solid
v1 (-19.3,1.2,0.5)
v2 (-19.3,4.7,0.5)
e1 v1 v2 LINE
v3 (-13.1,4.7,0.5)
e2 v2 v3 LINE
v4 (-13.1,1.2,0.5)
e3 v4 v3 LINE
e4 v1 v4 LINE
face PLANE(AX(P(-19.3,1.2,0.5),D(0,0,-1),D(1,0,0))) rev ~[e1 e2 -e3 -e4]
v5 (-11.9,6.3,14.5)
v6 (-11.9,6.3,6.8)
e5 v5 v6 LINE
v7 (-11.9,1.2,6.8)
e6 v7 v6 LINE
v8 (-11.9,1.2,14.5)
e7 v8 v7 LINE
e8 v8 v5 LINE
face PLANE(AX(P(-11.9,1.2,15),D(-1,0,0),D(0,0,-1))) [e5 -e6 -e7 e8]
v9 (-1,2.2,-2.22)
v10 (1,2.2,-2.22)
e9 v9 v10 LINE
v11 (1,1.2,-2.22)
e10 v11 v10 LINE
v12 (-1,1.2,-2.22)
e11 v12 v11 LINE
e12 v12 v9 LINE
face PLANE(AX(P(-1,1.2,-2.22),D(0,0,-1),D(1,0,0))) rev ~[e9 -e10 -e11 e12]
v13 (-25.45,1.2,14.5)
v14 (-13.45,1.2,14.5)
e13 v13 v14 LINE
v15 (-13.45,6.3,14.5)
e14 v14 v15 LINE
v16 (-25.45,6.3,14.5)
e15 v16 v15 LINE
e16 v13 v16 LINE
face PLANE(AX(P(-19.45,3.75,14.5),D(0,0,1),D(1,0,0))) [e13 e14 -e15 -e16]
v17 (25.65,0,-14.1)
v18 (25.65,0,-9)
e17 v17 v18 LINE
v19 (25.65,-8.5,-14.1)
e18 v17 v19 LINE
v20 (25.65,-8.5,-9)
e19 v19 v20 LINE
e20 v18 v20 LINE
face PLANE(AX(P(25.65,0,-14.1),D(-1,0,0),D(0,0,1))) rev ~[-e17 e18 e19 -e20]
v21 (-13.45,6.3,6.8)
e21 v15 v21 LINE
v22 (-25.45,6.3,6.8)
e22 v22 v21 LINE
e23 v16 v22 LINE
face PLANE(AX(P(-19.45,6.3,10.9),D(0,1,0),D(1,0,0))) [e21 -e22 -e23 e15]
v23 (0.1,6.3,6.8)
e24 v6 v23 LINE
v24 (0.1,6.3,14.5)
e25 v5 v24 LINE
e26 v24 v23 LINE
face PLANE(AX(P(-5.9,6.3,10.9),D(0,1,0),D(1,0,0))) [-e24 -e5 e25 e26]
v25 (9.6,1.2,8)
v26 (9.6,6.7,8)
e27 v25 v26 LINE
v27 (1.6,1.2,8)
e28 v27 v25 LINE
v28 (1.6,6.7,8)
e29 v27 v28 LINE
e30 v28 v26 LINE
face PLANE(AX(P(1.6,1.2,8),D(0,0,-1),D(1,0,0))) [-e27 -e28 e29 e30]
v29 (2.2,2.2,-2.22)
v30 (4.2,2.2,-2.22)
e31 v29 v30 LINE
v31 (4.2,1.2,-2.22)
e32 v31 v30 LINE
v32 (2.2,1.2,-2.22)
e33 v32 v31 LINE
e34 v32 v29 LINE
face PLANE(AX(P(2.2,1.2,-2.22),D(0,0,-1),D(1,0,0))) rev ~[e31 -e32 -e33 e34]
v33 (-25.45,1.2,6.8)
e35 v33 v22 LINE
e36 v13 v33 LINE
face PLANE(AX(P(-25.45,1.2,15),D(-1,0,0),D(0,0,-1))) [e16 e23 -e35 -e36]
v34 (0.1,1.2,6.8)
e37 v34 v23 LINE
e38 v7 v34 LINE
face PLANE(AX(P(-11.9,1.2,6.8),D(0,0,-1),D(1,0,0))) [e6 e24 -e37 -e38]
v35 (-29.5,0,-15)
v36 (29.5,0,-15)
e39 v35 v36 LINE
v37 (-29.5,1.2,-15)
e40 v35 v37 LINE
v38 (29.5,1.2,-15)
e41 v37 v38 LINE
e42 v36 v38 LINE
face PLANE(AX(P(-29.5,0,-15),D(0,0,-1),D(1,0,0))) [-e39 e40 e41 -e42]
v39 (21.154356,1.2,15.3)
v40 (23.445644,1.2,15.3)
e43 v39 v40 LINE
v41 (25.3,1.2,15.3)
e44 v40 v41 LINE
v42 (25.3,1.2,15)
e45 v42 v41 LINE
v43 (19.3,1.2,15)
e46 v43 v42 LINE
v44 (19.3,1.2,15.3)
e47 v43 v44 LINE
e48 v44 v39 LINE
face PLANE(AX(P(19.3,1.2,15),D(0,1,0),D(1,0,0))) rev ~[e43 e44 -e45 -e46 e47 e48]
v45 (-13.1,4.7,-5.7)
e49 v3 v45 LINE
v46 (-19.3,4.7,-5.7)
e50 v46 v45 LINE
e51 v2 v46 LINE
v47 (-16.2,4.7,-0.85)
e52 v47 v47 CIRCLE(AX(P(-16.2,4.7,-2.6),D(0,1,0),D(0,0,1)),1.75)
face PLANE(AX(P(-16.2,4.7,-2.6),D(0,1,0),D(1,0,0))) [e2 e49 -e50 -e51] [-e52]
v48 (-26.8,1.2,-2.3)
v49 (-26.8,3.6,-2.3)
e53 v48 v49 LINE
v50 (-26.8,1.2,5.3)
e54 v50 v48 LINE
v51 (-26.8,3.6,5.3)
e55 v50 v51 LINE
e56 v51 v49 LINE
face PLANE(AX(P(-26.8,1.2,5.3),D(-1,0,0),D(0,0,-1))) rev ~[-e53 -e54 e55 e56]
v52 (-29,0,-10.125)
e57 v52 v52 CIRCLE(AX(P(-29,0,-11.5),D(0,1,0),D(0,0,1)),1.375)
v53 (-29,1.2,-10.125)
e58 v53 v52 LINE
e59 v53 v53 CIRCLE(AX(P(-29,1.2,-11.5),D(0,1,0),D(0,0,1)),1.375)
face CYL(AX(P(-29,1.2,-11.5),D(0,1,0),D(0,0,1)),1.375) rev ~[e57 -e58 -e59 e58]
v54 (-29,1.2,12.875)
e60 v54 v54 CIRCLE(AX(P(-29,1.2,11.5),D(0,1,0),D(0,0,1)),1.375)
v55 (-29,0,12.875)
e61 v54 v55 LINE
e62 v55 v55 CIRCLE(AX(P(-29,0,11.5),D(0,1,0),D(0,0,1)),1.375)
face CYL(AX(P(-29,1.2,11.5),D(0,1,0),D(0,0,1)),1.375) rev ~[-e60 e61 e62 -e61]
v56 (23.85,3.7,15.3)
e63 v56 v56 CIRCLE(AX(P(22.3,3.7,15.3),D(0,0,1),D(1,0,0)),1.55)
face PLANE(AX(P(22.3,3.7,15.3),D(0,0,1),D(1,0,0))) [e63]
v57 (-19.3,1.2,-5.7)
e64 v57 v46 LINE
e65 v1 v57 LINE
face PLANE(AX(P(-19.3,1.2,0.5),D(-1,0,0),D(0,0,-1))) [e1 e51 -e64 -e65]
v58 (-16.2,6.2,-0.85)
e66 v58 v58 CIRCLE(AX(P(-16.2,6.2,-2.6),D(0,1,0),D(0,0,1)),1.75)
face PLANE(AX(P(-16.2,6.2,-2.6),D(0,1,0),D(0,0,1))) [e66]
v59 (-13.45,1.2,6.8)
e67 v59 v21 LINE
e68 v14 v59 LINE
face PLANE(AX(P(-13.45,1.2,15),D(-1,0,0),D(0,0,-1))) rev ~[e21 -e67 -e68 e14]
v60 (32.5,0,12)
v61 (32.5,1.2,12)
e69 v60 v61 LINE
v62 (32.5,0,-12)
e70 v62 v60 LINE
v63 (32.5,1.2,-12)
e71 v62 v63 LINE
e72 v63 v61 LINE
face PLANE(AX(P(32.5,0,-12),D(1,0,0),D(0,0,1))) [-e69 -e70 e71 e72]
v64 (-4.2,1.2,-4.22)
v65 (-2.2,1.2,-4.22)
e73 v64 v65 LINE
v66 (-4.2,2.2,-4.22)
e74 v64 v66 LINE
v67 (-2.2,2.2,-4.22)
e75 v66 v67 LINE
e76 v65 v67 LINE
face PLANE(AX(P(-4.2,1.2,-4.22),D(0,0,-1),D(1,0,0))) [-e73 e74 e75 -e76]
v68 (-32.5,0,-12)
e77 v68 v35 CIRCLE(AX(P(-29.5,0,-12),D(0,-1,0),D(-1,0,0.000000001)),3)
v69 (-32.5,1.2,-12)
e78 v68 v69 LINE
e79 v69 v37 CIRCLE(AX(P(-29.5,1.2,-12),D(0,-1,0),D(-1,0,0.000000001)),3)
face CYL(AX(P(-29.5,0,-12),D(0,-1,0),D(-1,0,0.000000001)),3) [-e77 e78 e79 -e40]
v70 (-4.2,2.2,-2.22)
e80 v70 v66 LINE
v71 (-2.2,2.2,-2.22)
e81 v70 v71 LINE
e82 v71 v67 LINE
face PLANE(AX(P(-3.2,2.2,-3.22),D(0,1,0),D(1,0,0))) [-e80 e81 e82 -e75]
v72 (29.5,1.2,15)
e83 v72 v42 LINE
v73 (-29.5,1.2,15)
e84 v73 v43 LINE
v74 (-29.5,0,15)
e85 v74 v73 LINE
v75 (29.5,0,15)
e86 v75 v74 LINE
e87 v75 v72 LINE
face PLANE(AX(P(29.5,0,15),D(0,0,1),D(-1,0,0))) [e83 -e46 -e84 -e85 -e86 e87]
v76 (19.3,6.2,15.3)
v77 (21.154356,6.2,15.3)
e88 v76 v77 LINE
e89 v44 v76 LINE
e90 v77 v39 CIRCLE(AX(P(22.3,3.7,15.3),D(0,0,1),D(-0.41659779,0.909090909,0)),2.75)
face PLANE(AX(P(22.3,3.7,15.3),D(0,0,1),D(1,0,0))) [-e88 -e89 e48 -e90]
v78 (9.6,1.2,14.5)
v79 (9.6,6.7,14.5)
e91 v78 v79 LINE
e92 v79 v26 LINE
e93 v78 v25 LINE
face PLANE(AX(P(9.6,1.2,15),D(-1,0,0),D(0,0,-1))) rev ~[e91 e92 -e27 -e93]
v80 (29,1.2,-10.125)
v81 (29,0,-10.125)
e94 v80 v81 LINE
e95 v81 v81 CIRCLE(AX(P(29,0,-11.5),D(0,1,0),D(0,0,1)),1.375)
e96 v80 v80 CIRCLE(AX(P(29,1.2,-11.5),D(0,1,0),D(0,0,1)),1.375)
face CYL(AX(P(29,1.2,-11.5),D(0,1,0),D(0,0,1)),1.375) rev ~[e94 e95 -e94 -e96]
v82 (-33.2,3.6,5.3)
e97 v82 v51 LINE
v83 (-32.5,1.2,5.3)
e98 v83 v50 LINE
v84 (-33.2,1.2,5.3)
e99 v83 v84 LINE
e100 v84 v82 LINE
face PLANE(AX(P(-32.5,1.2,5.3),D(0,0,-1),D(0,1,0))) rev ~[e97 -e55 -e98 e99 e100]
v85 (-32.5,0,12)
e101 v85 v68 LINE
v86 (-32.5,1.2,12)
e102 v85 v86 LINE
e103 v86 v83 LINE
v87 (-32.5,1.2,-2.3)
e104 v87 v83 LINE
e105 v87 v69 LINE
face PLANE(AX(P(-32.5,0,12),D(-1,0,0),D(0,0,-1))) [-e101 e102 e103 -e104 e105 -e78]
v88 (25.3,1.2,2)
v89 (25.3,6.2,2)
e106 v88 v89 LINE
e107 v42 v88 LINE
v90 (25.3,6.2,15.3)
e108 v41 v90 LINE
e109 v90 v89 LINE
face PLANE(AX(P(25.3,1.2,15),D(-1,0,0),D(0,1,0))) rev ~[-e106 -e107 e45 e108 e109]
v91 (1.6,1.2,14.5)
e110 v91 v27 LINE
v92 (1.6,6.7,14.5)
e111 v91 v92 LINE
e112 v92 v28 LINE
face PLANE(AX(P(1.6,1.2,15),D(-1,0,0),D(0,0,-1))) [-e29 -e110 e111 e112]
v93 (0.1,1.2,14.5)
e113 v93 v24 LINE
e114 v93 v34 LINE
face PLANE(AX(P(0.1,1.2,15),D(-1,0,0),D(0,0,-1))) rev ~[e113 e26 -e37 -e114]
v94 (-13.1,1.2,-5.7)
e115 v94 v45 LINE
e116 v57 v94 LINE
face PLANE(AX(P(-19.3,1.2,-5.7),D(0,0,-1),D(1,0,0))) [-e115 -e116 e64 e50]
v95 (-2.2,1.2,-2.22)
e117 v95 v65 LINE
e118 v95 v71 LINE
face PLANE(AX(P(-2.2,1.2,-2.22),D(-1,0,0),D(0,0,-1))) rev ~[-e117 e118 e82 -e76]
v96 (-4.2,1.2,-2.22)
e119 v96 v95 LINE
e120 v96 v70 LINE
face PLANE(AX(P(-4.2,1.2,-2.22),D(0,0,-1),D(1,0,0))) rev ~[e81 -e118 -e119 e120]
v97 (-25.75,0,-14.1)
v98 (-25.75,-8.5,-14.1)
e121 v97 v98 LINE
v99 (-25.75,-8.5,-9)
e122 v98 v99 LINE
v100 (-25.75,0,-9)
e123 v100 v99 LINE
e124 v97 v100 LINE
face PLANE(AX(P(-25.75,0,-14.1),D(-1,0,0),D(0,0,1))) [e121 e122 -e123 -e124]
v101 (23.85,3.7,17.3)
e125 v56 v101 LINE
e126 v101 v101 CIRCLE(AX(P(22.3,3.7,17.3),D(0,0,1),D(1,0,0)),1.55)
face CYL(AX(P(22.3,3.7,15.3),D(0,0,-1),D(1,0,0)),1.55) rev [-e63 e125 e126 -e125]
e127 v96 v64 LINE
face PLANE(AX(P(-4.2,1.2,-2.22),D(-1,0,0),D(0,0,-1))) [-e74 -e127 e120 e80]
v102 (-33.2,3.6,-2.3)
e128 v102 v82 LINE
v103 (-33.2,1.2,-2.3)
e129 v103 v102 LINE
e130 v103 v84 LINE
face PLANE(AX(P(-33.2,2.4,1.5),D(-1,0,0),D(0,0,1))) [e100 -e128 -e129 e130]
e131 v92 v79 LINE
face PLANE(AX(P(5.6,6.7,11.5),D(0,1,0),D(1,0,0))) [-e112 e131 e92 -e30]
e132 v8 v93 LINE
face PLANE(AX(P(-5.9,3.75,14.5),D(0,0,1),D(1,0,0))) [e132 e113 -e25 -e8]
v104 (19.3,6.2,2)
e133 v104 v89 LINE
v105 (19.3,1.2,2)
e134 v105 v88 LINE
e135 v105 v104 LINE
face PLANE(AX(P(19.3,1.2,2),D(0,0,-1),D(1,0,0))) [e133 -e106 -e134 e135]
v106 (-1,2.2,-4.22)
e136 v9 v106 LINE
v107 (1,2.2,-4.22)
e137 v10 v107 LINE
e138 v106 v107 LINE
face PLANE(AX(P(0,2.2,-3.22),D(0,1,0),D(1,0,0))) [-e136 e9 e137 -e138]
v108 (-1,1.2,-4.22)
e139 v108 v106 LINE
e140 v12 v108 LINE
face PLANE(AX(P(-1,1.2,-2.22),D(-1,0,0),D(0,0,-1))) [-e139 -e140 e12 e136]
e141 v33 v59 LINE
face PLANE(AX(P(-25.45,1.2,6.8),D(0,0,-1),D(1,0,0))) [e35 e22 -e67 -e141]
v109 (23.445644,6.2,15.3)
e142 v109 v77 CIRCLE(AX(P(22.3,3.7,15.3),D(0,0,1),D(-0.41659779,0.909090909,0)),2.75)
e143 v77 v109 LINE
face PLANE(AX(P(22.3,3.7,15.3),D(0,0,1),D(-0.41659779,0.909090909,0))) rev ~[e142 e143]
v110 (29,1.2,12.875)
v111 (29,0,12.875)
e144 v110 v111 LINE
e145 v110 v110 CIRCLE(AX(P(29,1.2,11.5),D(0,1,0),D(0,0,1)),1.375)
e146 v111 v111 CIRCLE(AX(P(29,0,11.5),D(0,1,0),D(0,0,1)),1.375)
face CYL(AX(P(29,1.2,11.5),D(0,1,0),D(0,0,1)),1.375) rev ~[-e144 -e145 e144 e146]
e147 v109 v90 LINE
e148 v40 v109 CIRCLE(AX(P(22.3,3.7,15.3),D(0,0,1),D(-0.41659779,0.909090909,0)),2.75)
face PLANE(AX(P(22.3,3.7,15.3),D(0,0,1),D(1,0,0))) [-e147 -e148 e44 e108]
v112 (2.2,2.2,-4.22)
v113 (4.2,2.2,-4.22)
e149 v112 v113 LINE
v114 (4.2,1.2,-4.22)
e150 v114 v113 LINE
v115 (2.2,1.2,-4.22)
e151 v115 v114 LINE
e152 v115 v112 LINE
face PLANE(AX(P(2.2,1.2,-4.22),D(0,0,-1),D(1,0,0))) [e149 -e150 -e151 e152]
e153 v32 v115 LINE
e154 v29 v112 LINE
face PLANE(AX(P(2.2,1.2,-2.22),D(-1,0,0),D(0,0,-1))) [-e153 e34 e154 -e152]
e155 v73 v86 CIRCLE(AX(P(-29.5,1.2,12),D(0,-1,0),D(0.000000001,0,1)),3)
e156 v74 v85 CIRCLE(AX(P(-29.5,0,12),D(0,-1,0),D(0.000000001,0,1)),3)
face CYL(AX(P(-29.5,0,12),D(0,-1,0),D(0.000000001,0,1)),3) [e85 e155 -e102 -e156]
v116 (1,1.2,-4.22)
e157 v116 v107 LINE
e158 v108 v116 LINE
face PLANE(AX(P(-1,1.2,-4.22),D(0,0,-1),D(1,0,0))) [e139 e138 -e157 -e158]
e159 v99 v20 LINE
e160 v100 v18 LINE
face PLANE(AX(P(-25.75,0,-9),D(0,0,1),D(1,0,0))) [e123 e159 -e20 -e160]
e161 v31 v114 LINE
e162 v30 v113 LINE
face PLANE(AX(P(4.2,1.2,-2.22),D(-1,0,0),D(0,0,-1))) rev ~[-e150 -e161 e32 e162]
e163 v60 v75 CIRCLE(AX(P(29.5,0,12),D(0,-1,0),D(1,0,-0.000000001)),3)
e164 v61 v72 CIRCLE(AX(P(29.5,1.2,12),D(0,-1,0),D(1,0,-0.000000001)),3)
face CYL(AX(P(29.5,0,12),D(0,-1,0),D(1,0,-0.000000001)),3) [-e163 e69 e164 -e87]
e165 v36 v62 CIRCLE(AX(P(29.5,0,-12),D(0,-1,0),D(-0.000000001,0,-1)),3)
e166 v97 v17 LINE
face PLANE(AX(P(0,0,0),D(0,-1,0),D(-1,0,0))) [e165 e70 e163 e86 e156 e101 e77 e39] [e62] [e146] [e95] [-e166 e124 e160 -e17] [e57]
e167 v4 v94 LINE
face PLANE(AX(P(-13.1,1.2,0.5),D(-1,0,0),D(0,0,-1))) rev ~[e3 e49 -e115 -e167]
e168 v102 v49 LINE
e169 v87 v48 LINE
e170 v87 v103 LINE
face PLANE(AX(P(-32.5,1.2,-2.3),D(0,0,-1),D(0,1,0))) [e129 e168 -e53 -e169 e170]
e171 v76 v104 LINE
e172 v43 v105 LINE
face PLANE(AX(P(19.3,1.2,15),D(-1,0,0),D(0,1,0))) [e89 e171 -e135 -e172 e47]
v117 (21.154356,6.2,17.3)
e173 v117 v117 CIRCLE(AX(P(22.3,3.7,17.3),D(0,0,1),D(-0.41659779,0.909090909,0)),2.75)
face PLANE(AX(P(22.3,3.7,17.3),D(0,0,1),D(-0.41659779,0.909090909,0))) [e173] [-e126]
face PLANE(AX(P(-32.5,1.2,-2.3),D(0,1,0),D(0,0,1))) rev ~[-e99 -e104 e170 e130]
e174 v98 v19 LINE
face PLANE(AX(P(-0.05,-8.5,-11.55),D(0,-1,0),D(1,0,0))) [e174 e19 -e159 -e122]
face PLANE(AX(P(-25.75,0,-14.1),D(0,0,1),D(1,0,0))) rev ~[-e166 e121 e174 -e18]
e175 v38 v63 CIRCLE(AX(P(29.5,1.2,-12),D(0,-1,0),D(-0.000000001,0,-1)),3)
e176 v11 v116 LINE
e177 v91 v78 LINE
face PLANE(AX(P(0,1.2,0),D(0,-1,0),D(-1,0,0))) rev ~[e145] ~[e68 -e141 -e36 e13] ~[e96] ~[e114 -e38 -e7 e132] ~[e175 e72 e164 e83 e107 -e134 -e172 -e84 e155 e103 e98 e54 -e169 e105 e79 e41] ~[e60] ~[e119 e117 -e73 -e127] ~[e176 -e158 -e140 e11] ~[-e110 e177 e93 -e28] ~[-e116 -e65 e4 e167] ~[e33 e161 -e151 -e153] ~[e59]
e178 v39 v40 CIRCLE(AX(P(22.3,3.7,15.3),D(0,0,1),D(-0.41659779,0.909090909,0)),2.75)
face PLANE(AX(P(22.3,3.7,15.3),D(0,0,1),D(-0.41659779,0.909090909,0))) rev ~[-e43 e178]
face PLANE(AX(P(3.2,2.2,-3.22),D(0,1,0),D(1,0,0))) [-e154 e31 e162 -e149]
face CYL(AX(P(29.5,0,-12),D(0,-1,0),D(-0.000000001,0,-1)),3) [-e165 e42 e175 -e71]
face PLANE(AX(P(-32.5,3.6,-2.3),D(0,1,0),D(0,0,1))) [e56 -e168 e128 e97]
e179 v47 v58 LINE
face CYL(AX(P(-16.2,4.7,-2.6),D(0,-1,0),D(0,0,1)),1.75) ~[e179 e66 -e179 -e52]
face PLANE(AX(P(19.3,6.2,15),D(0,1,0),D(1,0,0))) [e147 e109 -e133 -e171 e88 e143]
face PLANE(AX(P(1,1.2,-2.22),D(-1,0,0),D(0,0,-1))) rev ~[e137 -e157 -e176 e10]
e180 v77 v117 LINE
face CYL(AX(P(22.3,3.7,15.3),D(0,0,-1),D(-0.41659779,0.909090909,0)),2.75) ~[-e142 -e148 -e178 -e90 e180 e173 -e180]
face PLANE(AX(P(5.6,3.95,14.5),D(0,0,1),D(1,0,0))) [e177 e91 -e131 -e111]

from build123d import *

# Parameters (mm, degrees)
EXTRUDE_1_DEPTH     = 1.2
SKETCH_2_R          = 1.375
CUT_EXTRUDE_1_DEPTH = 1.2
SKETCH_3_W          = 6
SKETCH_3_H          = 13
EXTRUDE_2_DEPTH     = 5
SKETCH_4_W          = 6
SKETCH_4_H          = 5
EXTRUDE_3_DEPTH     = 0.3
SKETCH_5_W          = 8
SKETCH_5_H          = 7
EXTRUDE_4_DEPTH     = 5.5
SKETCH_6_W          = 12
SKETCH_6_H          = 8.2
EXTRUDE_5_DEPTH     = 5.1
SKETCH_7_W          = 12
SKETCH_7_H          = 8.2
EXTRUDE_6_DEPTH     = 5.1
SKETCH_8_W          = 5.7
SKETCH_8_H          = 7.6
EXTRUDE_7_DEPTH     = 2.4
SKETCH_9_W          = 7.6
SKETCH_9_H          = 2.4
EXTRUDE_8_DEPTH     = 0.7
SKETCH_10_W         = 12
SKETCH_10_H         = 5.1
SKETCH_10_W_2       = 8
SKETCH_10_H_2       = 5.5
CUT_EXTRUDE_2_DEPTH = 0.5
SKETCH_11_W         = 51.4
SKETCH_11_H         = 5.1
EXTRUDE_9_DEPTH     = 8.5
SKETCH_12_W         = 6.2
SKETCH_12_H         = 6.2
EXTRUDE_10_DEPTH    = 3.5
SKETCH_13_R         = 1.75
EXTRUDE_11_DEPTH    = 1.5
SKETCH_14_W         = 2
SKETCH_14_H         = 2
EXTRUDE_12_DEPTH    = 1
SKETCH_15_R         = 2.75
SKETCH_15_R_2       = 1.55
EXTRUDE_13_DEPTH    = 2


with BuildPart() as part:
    # 草图1 → 凸台-拉伸1 (new body)
    with BuildSketch(Plane(origin=(0, 0, 0), x_dir=(1, 0, 0), z_dir=(0, 1, 0))):
        with BuildLine():
            Line((-29.5, 15), (29.5, 15))
            ThreePointArc((29.5, 15), (31.621320344, 14.121320344), (32.5, 12))
            Line((32.5, 12), (32.5, -12))
            ThreePointArc((32.5, -12), (31.621320344, -14.121320344), (29.5, -15))
            Line((29.5, -15), (-29.5, -15))
            ThreePointArc((-29.5, -15), (-31.621320344, -14.121320344), (-32.5, -12))
            Line((-32.5, -12), (-32.5, 12))
            ThreePointArc((-32.5, 12), (-31.621320344, 14.121320344), (-29.5, 15))
        make_face()
    extrude(amount=EXTRUDE_1_DEPTH)

    # 草图2 → 切除-拉伸1 (cut)
    with BuildSketch(Plane(origin=(0, 1.2, 0), x_dir=(1, 0, 0), z_dir=(0, 1, 0))):
        with Locations(Location((29, -11.5, 0), (0, 0, 270))):
            Circle(SKETCH_2_R)
        with Locations(Location((29, 11.5, 0), (0, 0, 270))):
            Circle(SKETCH_2_R)
        with Locations(Location((-29, -11.5, 0), (0, 0, 270))):
            Circle(SKETCH_2_R)
        with Locations(Location((-29, 11.5, 0), (0, 0, 270))):
            Circle(SKETCH_2_R)
    extrude(amount=-CUT_EXTRUDE_1_DEPTH, mode=Mode.SUBTRACT)

    # 草图3 → 凸台-拉伸2 (add)
    with BuildSketch(Plane(origin=(0, 1.2, 0), x_dir=(1, 0, 0), z_dir=(0, 1, 0))):
        with Locations((22.3, -8.5)):
            Rectangle(SKETCH_3_W, SKETCH_3_H)
    extrude(amount=EXTRUDE_2_DEPTH)

    # 草图4 → 凸台-拉伸3 (add)
    with BuildSketch(Plane.XY.offset(15)):
        with Locations((22.3, 3.7)):
            Rectangle(SKETCH_4_W, SKETCH_4_H)
    extrude(amount=EXTRUDE_3_DEPTH)

    # 草图5 → 凸台-拉伸4 (add)
    with BuildSketch(Plane(origin=(0, 1.2, 0), x_dir=(1, 0, 0), z_dir=(0, 1, 0))):
        with Locations((5.6, -11.5)):
            Rectangle(SKETCH_5_W, SKETCH_5_H)
    extrude(amount=EXTRUDE_4_DEPTH)

    # 草图6 → 凸台-拉伸5 (add)
    with BuildSketch(Plane(origin=(0, 1.2, 0), x_dir=(1, 0, 0), z_dir=(0, 1, 0))):
        with Locations((-5.9, -10.9)):
            Rectangle(SKETCH_6_W, SKETCH_6_H)
    extrude(amount=EXTRUDE_5_DEPTH)

    # 草图7 → 凸台-拉伸6 (add)
    with BuildSketch(Plane(origin=(0, 1.2, 0), x_dir=(1, 0, 0), z_dir=(0, 1, 0))):
        with Locations((-19.45, -10.9)):
            Rectangle(SKETCH_7_W, SKETCH_7_H)
    extrude(amount=EXTRUDE_6_DEPTH)

    # 草图8 → 凸台-拉伸7 (add)
    with BuildSketch(Plane(origin=(0, 1.2, 0), x_dir=(1, 0, 0), z_dir=(0, 1, 0))):
        with Locations((-29.65, -1.5)):
            Rectangle(SKETCH_8_W, SKETCH_8_H)
    extrude(amount=EXTRUDE_7_DEPTH)

    # 草图9 → 凸台-拉伸8 (add)
    with BuildSketch(Plane.ZY.offset(32.5)):
        with Locations((1.5, 2.4)):
            Rectangle(SKETCH_9_W, SKETCH_9_H)
    extrude(amount=EXTRUDE_8_DEPTH)

    # 草图10 → 切除-拉伸2 (cut)
    with BuildSketch(Plane.XY.offset(15)):
        with Locations((-19.45, 3.75)):
            Rectangle(SKETCH_10_W, SKETCH_10_H)
        with Locations((-5.9, 3.75)):
            Rectangle(SKETCH_10_W, SKETCH_10_H)
        with Locations((5.6, 3.95)):
            Rectangle(SKETCH_10_W_2, SKETCH_10_H_2)
    extrude(amount=-CUT_EXTRUDE_2_DEPTH, mode=Mode.SUBTRACT)

    # 草图11 → 凸台-拉伸9 (add)
    with BuildSketch(Plane.XZ):
        with Locations((-0.05, -11.55)):
            Rectangle(SKETCH_11_W, SKETCH_11_H)
    extrude(amount=EXTRUDE_9_DEPTH)

    # 草图12 → 凸台-拉伸10 (add)
    with BuildSketch(Plane(origin=(0, 1.2, 0), x_dir=(1, 0, 0), z_dir=(0, 1, 0))):
        with Locations((-16.2, 2.6)):
            Rectangle(SKETCH_12_W, SKETCH_12_H)
    extrude(amount=EXTRUDE_10_DEPTH)

    # 草图13 → 凸台-拉伸11 (add)
    with BuildSketch(Plane(origin=(0, 4.7, 0), x_dir=(1, 0, 0), z_dir=(0, 1, 0))):
        with Locations(Location((-16.2, 2.6, 0), (0, 0, 270))):
            Circle(SKETCH_13_R)
    extrude(amount=EXTRUDE_11_DEPTH)

    # 草图14 → 凸台-拉伸12 (add)
    with BuildSketch(Plane(origin=(0, 1.2, 0), x_dir=(1, 0, 0), z_dir=(0, 1, 0))):
        with Locations((3.2, 3.22)):
            Rectangle(SKETCH_14_W, SKETCH_14_H)
        with Locations((0, 3.22)):
            Rectangle(SKETCH_14_W, SKETCH_14_H)
        with Locations((-3.2, 3.22)):
            Rectangle(SKETCH_14_W, SKETCH_14_H)
    extrude(amount=EXTRUDE_12_DEPTH)

    # 草图15 → 凸台-拉伸13 (add)
    with BuildSketch(Plane.XY.offset(15.3)):
        with Locations(Location((22.3, 3.7, 0), (0, 0, 114.619977329))):
            Circle(SKETCH_15_R)
        with Locations((22.3, 3.7)):
            Circle(SKETCH_15_R_2, mode=Mode.SUBTRACT)
    extrude(amount=EXTRUDE_13_DEPTH)


solid = part.part
